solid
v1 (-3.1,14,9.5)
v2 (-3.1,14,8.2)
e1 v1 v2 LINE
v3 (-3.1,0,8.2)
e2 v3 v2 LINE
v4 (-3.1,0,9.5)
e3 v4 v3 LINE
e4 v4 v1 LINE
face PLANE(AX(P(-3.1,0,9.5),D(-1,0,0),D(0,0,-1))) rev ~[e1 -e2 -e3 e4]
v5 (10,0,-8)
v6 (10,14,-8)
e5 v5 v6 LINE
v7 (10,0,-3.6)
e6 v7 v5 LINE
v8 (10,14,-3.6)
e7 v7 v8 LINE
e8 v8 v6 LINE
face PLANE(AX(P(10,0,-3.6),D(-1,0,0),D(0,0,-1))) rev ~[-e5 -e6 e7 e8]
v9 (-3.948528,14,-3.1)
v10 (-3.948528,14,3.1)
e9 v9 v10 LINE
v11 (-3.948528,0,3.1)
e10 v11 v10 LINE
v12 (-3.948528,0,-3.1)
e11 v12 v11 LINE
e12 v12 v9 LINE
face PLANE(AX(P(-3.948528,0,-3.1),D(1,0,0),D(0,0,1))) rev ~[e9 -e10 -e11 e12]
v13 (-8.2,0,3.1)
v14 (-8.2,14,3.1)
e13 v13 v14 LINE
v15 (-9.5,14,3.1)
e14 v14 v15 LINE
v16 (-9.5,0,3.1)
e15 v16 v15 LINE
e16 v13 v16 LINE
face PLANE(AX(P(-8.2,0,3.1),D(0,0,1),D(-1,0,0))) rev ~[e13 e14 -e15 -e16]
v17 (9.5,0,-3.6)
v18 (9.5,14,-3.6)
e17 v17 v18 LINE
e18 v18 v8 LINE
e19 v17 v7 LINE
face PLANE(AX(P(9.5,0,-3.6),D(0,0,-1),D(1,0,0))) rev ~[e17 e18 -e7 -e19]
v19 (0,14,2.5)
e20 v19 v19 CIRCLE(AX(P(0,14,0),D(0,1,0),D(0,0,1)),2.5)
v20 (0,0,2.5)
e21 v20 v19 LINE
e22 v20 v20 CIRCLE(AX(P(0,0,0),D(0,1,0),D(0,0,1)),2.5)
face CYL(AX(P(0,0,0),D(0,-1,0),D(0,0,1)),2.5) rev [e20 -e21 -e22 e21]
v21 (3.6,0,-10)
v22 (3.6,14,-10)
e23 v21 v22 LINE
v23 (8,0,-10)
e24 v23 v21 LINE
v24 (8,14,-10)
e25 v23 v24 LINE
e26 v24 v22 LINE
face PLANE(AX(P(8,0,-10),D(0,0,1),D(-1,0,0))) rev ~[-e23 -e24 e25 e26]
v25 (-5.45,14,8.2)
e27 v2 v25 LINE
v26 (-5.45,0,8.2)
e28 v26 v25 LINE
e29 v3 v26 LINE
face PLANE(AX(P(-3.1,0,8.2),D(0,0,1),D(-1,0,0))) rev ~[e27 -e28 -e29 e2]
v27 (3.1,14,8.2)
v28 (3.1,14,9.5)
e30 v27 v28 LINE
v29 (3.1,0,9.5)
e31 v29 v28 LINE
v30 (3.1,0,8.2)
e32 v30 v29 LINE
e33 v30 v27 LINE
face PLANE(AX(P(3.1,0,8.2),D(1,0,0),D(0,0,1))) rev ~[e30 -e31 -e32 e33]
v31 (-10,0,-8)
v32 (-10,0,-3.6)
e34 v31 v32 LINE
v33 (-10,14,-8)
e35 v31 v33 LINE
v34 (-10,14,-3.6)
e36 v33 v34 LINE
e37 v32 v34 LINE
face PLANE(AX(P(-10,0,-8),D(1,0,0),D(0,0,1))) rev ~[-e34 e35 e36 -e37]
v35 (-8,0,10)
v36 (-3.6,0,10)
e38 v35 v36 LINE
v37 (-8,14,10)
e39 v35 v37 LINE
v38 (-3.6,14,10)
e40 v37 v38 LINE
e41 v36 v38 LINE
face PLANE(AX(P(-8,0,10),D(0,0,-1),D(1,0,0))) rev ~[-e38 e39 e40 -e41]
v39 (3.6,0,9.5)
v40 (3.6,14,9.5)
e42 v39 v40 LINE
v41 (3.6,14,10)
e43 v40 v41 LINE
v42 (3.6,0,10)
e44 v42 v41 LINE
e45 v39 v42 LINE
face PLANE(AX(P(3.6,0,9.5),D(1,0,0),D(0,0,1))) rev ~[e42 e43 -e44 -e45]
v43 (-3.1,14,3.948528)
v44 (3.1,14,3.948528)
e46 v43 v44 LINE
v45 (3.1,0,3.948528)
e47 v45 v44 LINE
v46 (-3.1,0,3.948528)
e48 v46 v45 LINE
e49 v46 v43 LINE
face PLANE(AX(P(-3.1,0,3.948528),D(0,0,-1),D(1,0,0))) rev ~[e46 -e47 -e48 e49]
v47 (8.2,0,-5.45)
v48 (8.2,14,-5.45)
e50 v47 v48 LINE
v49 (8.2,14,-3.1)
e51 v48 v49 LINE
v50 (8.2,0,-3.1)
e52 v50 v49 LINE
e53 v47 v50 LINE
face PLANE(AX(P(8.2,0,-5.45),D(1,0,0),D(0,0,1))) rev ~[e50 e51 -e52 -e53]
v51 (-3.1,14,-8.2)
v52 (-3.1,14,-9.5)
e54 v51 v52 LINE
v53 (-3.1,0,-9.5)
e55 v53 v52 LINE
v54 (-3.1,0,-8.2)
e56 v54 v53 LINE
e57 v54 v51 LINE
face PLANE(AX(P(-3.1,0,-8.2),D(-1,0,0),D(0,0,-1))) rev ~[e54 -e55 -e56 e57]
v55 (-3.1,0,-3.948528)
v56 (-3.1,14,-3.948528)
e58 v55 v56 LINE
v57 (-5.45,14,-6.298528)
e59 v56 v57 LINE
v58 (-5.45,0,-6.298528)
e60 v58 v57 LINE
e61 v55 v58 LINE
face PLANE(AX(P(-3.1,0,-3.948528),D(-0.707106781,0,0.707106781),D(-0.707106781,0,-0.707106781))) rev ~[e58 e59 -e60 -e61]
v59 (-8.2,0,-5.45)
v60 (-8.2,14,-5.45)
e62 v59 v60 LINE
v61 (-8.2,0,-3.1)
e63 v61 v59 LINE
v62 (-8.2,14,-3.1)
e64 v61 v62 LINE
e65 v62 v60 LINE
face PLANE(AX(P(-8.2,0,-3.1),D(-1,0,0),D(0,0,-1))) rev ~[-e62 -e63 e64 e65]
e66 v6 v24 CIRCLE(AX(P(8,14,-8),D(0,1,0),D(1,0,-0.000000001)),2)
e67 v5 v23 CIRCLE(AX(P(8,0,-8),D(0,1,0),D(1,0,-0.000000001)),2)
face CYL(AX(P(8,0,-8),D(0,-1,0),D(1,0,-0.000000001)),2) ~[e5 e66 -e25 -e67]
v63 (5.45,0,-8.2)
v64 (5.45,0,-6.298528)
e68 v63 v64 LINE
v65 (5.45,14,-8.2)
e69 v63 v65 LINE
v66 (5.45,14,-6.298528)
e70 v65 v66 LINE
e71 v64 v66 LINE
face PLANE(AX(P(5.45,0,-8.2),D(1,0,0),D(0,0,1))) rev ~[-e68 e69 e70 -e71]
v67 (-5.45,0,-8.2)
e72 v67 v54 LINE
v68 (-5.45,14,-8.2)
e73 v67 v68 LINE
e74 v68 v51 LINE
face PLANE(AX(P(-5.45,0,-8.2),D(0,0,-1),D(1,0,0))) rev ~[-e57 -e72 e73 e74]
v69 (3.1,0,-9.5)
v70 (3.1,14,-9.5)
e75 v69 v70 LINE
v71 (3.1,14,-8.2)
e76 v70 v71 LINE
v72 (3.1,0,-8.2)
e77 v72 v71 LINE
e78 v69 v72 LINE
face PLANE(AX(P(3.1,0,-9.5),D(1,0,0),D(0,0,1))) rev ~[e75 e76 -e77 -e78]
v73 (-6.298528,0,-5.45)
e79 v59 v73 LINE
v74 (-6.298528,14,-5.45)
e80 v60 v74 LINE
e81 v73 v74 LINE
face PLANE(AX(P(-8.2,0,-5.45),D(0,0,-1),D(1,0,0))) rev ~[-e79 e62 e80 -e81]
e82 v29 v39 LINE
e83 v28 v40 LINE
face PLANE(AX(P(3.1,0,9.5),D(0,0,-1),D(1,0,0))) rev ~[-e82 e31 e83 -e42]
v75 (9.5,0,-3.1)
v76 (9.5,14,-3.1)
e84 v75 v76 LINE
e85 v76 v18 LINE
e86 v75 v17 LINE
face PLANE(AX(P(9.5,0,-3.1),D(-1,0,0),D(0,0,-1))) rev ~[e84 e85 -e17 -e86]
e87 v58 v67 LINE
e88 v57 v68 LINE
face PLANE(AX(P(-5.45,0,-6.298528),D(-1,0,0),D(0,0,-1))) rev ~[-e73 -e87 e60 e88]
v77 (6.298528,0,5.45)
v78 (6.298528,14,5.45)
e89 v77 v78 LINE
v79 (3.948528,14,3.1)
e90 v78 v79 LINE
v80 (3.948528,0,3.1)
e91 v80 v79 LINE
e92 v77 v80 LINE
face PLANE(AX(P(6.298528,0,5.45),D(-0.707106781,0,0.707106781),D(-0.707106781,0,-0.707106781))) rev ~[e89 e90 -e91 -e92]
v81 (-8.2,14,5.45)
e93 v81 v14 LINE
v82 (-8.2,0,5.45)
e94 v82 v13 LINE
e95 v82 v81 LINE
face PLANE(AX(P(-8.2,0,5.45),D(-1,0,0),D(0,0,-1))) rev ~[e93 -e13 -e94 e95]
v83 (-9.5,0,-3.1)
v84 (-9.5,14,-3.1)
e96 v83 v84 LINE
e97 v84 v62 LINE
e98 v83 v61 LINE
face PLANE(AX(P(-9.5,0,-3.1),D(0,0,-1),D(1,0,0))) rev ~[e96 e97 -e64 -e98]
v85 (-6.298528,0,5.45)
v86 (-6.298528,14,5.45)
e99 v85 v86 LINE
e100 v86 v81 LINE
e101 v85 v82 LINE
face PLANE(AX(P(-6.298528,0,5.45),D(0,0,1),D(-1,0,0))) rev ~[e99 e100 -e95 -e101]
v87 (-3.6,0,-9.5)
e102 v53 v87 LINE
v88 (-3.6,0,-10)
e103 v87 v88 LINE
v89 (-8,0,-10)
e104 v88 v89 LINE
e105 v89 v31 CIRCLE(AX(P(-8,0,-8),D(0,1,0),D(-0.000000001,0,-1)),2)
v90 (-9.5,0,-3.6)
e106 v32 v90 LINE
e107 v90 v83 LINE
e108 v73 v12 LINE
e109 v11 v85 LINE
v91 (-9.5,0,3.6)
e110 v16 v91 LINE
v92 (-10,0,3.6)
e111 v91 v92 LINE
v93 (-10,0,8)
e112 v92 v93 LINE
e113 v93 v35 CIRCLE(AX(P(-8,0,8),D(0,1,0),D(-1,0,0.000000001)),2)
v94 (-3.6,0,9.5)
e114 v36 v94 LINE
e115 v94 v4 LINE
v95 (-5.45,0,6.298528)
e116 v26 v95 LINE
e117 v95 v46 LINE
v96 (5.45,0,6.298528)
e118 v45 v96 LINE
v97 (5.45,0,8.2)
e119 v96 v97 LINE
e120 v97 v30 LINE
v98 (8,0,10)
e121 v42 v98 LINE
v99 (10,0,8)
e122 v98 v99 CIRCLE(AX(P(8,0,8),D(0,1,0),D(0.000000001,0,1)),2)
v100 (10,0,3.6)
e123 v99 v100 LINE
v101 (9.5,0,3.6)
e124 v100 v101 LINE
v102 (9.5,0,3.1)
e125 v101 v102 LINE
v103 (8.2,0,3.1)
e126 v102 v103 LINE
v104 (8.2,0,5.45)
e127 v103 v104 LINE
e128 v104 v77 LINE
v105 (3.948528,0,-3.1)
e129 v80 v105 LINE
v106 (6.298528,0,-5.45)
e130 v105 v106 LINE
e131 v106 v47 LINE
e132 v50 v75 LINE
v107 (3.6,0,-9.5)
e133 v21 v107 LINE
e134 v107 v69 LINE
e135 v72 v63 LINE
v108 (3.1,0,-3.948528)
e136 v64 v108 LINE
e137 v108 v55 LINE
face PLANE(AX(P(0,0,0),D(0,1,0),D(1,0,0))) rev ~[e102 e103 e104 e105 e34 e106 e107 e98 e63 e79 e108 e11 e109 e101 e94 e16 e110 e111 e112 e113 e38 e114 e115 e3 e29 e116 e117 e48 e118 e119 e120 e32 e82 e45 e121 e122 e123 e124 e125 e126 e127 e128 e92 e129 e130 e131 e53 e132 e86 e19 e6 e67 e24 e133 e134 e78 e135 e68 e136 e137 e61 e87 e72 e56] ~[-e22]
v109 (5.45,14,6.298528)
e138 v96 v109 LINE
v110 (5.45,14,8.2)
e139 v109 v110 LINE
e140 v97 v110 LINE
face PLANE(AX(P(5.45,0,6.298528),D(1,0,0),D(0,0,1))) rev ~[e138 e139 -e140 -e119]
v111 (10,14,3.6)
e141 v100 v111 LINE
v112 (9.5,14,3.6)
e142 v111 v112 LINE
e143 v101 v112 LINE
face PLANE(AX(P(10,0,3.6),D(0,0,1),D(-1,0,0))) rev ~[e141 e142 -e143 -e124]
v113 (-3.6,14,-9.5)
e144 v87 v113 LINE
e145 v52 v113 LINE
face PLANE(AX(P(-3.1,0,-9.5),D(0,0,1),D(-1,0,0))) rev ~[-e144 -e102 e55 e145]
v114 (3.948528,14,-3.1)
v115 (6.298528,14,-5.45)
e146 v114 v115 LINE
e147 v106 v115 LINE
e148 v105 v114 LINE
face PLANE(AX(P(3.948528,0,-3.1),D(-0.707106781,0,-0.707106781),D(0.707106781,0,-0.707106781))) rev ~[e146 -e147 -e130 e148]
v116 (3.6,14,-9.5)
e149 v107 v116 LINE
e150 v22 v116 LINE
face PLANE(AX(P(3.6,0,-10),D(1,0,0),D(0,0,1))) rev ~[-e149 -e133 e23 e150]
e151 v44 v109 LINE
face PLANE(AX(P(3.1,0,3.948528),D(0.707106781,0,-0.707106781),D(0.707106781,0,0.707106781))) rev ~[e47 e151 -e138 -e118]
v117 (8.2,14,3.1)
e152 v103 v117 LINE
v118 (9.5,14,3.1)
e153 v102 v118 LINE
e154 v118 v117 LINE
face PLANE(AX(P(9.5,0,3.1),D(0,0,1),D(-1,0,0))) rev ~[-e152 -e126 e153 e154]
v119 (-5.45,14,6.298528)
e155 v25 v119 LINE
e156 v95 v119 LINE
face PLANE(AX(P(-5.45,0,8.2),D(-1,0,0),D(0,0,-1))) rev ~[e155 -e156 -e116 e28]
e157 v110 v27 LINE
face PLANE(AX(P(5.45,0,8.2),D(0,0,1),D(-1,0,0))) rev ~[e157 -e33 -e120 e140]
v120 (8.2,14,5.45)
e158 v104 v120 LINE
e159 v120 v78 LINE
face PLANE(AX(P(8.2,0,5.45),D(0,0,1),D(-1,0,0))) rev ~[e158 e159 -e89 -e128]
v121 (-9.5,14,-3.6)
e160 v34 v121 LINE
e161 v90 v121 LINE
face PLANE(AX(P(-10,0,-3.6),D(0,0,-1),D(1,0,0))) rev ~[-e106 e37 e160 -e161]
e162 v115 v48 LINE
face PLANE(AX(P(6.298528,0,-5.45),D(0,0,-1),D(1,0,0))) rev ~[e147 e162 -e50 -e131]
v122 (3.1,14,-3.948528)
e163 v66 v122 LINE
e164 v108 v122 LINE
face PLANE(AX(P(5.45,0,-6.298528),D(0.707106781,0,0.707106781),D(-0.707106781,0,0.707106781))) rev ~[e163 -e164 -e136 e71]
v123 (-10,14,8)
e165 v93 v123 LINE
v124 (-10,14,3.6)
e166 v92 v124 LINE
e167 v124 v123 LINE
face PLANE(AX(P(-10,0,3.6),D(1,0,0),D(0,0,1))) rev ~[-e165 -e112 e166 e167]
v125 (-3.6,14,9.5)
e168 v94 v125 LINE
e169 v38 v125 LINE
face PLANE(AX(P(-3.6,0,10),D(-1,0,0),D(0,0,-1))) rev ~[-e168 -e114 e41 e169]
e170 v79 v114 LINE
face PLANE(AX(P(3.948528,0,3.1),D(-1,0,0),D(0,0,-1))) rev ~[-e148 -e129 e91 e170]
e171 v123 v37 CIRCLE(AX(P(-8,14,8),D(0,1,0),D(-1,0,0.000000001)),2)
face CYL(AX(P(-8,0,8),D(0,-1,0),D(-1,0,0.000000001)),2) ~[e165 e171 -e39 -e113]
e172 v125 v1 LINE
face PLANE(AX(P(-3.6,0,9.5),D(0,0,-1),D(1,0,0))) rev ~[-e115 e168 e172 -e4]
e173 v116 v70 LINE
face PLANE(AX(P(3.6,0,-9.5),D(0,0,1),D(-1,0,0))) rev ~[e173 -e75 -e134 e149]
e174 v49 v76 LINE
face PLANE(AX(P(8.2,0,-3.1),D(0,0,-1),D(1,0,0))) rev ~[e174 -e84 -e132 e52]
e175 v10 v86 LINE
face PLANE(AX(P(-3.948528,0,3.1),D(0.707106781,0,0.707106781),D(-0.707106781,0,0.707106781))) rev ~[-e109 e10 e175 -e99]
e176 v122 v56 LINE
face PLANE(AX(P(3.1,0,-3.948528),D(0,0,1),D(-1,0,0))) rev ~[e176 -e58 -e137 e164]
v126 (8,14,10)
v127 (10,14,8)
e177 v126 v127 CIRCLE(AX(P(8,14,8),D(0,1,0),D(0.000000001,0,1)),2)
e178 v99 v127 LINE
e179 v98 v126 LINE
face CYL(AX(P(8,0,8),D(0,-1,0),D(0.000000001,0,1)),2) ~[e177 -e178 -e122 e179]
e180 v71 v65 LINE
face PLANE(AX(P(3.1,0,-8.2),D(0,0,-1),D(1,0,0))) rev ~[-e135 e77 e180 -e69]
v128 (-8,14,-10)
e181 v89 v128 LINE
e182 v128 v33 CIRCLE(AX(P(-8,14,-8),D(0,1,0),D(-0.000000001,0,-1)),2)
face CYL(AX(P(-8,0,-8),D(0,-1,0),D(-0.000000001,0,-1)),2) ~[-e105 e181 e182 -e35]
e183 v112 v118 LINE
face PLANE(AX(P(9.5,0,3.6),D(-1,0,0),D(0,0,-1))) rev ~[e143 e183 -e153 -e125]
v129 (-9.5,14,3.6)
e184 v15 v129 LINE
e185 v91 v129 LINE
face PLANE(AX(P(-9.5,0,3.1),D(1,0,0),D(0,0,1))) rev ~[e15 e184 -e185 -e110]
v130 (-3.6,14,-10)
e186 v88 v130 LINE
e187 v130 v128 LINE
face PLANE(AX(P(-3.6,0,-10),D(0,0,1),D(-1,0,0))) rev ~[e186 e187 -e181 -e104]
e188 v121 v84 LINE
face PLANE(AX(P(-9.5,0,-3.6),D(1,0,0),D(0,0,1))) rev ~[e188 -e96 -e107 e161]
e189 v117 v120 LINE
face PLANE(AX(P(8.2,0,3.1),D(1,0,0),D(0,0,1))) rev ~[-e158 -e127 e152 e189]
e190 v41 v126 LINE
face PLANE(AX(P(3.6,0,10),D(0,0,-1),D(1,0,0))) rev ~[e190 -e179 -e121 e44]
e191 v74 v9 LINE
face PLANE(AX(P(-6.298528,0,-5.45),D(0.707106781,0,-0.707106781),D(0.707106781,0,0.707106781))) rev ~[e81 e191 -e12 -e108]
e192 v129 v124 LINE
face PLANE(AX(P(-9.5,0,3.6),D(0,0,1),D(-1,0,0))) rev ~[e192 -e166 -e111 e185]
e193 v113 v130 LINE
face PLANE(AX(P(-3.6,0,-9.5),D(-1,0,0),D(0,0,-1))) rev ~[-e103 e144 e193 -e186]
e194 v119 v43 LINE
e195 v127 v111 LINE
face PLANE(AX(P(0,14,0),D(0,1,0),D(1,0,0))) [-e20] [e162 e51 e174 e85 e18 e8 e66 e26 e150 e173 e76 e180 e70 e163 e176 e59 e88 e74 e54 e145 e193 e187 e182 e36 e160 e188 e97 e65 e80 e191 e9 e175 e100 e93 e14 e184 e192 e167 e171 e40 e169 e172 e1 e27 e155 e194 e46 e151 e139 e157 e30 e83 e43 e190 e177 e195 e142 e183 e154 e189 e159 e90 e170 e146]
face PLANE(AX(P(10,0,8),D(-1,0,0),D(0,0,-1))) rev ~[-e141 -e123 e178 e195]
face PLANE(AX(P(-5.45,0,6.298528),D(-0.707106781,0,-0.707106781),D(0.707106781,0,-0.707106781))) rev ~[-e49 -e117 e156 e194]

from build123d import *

# Parameters (mm, degrees)
SKETCH_1_R      = 2.5
EXTRUDE_1_DEPTH = 14


with BuildPart() as part:
    # 草图1 → 凸台-拉伸1 (new body)
    with BuildSketch(Plane(origin=(0, 0, 0), x_dir=(1, 0, 0), z_dir=(0, 1, 0))):
        with BuildLine():
            Line((-3.948528137, -3.1), (-6.298528137, -5.45))
            Line((-6.298528137, -5.45), (-8.2, -5.45))
            Line((-8.2, -5.45), (-8.2, -3.1))
            Line((-8.2, -3.1), (-9.5, -3.1))
            Line((-9.5, -3.1), (-9.5, -3.6))
            Line((-9.5, -3.6), (-10, -3.6))
            Line((-10, -3.6), (-10, -8))
            ThreePointArc((-10, -8), (-9.414213562, -9.414213562), (-8, -10))
            Line((-8, -10), (-3.6, -10))
            Line((-3.6, -10), (-3.6, -9.5))
            Line((-3.6, -9.5), (-3.1, -9.5))
            Line((-3.1, -9.5), (-3.1, -8.2))
            Line((-3.1, -8.2), (-5.45, -8.2))
            Line((-5.45, -8.2), (-5.45, -6.298528137))
            Line((-5.45, -6.298528137), (-3.1, -3.948528137))
            Line((-3.1, -3.948528137), (0, -3.948528137))
            Line((0, -3.948528137), (3.1, -3.948528137))
            Line((3.1, -3.948528137), (5.45, -6.298528137))
            Line((5.45, -6.298528137), (5.45, -8.2))
            Line((5.45, -8.2), (3.1, -8.2))
            Line((3.1, -8.2), (3.1, -9.5))
            Line((3.1, -9.5), (3.6, -9.5))
            Line((3.6, -9.5), (3.6, -10))
            Line((3.6, -10), (8, -10))
            ThreePointArc((8, -10), (9.414213562, -9.414213562), (10, -8))
            Line((10, -8), (10, -3.6))
            Line((10, -3.6), (9.5, -3.6))
            Line((9.5, -3.6), (9.5, -3.1))
            Line((9.5, -3.1), (8.2, -3.1))
            Line((8.2, -3.1), (8.2, -5.45))
            Line((8.2, -5.45), (6.298528137, -5.45))
            Line((6.298528137, -5.45), (3.948528137, -3.1))
            Line((3.948528137, -3.1), (3.948528137, 0))
            Line((3.948528137, 0), (3.948528137, 3.1))
            Line((3.948528137, 3.1), (6.298528137, 5.45))
            Line((6.298528137, 5.45), (8.2, 5.45))
            Line((8.2, 5.45), (8.2, 3.1))
            Line((8.2, 3.1), (9.5, 3.1))
            Line((9.5, 3.1), (9.5, 3.6))
            Line((9.5, 3.6), (10, 3.6))
            Line((10, 3.6), (10, 8))
            ThreePointArc((10, 8), (9.414213562, 9.414213562), (8, 10))
            Line((8, 10), (3.6, 10))
            Line((3.6, 10), (3.6, 9.5))
            Line((3.6, 9.5), (3.1, 9.5))
            Line((3.1, 9.5), (3.1, 8.2))
            Line((3.1, 8.2), (5.45, 8.2))
            Line((5.45, 8.2), (5.45, 6.298528137))
            Line((5.45, 6.298528137), (3.1, 3.948528137))
            Line((3.1, 3.948528137), (0, 3.948528137))
            Line((0, 3.948528137), (-3.1, 3.948528137))
            Line((-3.1, 3.948528137), (-5.45, 6.298528137))
            Line((-5.45, 6.298528137), (-5.45, 8.2))
            Line((-5.45, 8.2), (-3.1, 8.2))
            Line((-3.1, 8.2), (-3.1, 9.5))
            Line((-3.1, 9.5), (-3.6, 9.5))
            Line((-3.6, 9.5), (-3.6, 10))
            Line((-3.6, 10), (-8, 10))
            ThreePointArc((-8, 10), (-9.414213562, 9.414213562), (-10, 8))
            Line((-10, 8), (-10, 3.6))
            Line((-10, 3.6), (-9.5, 3.6))
            Line((-9.5, 3.6), (-9.5, 3.1))
            Line((-9.5, 3.1), (-8.2, 3.1))
            Line((-8.2, 3.1), (-8.2, 5.45))
            Line((-8.2, 5.45), (-6.298528137, 5.45))
            Line((-6.298528137, 5.45), (-3.948528137, 3.1))
            Line((-3.948528137, 3.1), (-3.948528137, 0))
            Line((-3.948528137, 0), (-3.948528137, -3.1))
        make_face()
        with Locations(Location((0, 0, 0), (0, 0, 270))):
            Circle(SKETCH_1_R, mode=Mode.SUBTRACT)
    extrude(amount=EXTRUDE_1_DEPTH)


solid = part.part
